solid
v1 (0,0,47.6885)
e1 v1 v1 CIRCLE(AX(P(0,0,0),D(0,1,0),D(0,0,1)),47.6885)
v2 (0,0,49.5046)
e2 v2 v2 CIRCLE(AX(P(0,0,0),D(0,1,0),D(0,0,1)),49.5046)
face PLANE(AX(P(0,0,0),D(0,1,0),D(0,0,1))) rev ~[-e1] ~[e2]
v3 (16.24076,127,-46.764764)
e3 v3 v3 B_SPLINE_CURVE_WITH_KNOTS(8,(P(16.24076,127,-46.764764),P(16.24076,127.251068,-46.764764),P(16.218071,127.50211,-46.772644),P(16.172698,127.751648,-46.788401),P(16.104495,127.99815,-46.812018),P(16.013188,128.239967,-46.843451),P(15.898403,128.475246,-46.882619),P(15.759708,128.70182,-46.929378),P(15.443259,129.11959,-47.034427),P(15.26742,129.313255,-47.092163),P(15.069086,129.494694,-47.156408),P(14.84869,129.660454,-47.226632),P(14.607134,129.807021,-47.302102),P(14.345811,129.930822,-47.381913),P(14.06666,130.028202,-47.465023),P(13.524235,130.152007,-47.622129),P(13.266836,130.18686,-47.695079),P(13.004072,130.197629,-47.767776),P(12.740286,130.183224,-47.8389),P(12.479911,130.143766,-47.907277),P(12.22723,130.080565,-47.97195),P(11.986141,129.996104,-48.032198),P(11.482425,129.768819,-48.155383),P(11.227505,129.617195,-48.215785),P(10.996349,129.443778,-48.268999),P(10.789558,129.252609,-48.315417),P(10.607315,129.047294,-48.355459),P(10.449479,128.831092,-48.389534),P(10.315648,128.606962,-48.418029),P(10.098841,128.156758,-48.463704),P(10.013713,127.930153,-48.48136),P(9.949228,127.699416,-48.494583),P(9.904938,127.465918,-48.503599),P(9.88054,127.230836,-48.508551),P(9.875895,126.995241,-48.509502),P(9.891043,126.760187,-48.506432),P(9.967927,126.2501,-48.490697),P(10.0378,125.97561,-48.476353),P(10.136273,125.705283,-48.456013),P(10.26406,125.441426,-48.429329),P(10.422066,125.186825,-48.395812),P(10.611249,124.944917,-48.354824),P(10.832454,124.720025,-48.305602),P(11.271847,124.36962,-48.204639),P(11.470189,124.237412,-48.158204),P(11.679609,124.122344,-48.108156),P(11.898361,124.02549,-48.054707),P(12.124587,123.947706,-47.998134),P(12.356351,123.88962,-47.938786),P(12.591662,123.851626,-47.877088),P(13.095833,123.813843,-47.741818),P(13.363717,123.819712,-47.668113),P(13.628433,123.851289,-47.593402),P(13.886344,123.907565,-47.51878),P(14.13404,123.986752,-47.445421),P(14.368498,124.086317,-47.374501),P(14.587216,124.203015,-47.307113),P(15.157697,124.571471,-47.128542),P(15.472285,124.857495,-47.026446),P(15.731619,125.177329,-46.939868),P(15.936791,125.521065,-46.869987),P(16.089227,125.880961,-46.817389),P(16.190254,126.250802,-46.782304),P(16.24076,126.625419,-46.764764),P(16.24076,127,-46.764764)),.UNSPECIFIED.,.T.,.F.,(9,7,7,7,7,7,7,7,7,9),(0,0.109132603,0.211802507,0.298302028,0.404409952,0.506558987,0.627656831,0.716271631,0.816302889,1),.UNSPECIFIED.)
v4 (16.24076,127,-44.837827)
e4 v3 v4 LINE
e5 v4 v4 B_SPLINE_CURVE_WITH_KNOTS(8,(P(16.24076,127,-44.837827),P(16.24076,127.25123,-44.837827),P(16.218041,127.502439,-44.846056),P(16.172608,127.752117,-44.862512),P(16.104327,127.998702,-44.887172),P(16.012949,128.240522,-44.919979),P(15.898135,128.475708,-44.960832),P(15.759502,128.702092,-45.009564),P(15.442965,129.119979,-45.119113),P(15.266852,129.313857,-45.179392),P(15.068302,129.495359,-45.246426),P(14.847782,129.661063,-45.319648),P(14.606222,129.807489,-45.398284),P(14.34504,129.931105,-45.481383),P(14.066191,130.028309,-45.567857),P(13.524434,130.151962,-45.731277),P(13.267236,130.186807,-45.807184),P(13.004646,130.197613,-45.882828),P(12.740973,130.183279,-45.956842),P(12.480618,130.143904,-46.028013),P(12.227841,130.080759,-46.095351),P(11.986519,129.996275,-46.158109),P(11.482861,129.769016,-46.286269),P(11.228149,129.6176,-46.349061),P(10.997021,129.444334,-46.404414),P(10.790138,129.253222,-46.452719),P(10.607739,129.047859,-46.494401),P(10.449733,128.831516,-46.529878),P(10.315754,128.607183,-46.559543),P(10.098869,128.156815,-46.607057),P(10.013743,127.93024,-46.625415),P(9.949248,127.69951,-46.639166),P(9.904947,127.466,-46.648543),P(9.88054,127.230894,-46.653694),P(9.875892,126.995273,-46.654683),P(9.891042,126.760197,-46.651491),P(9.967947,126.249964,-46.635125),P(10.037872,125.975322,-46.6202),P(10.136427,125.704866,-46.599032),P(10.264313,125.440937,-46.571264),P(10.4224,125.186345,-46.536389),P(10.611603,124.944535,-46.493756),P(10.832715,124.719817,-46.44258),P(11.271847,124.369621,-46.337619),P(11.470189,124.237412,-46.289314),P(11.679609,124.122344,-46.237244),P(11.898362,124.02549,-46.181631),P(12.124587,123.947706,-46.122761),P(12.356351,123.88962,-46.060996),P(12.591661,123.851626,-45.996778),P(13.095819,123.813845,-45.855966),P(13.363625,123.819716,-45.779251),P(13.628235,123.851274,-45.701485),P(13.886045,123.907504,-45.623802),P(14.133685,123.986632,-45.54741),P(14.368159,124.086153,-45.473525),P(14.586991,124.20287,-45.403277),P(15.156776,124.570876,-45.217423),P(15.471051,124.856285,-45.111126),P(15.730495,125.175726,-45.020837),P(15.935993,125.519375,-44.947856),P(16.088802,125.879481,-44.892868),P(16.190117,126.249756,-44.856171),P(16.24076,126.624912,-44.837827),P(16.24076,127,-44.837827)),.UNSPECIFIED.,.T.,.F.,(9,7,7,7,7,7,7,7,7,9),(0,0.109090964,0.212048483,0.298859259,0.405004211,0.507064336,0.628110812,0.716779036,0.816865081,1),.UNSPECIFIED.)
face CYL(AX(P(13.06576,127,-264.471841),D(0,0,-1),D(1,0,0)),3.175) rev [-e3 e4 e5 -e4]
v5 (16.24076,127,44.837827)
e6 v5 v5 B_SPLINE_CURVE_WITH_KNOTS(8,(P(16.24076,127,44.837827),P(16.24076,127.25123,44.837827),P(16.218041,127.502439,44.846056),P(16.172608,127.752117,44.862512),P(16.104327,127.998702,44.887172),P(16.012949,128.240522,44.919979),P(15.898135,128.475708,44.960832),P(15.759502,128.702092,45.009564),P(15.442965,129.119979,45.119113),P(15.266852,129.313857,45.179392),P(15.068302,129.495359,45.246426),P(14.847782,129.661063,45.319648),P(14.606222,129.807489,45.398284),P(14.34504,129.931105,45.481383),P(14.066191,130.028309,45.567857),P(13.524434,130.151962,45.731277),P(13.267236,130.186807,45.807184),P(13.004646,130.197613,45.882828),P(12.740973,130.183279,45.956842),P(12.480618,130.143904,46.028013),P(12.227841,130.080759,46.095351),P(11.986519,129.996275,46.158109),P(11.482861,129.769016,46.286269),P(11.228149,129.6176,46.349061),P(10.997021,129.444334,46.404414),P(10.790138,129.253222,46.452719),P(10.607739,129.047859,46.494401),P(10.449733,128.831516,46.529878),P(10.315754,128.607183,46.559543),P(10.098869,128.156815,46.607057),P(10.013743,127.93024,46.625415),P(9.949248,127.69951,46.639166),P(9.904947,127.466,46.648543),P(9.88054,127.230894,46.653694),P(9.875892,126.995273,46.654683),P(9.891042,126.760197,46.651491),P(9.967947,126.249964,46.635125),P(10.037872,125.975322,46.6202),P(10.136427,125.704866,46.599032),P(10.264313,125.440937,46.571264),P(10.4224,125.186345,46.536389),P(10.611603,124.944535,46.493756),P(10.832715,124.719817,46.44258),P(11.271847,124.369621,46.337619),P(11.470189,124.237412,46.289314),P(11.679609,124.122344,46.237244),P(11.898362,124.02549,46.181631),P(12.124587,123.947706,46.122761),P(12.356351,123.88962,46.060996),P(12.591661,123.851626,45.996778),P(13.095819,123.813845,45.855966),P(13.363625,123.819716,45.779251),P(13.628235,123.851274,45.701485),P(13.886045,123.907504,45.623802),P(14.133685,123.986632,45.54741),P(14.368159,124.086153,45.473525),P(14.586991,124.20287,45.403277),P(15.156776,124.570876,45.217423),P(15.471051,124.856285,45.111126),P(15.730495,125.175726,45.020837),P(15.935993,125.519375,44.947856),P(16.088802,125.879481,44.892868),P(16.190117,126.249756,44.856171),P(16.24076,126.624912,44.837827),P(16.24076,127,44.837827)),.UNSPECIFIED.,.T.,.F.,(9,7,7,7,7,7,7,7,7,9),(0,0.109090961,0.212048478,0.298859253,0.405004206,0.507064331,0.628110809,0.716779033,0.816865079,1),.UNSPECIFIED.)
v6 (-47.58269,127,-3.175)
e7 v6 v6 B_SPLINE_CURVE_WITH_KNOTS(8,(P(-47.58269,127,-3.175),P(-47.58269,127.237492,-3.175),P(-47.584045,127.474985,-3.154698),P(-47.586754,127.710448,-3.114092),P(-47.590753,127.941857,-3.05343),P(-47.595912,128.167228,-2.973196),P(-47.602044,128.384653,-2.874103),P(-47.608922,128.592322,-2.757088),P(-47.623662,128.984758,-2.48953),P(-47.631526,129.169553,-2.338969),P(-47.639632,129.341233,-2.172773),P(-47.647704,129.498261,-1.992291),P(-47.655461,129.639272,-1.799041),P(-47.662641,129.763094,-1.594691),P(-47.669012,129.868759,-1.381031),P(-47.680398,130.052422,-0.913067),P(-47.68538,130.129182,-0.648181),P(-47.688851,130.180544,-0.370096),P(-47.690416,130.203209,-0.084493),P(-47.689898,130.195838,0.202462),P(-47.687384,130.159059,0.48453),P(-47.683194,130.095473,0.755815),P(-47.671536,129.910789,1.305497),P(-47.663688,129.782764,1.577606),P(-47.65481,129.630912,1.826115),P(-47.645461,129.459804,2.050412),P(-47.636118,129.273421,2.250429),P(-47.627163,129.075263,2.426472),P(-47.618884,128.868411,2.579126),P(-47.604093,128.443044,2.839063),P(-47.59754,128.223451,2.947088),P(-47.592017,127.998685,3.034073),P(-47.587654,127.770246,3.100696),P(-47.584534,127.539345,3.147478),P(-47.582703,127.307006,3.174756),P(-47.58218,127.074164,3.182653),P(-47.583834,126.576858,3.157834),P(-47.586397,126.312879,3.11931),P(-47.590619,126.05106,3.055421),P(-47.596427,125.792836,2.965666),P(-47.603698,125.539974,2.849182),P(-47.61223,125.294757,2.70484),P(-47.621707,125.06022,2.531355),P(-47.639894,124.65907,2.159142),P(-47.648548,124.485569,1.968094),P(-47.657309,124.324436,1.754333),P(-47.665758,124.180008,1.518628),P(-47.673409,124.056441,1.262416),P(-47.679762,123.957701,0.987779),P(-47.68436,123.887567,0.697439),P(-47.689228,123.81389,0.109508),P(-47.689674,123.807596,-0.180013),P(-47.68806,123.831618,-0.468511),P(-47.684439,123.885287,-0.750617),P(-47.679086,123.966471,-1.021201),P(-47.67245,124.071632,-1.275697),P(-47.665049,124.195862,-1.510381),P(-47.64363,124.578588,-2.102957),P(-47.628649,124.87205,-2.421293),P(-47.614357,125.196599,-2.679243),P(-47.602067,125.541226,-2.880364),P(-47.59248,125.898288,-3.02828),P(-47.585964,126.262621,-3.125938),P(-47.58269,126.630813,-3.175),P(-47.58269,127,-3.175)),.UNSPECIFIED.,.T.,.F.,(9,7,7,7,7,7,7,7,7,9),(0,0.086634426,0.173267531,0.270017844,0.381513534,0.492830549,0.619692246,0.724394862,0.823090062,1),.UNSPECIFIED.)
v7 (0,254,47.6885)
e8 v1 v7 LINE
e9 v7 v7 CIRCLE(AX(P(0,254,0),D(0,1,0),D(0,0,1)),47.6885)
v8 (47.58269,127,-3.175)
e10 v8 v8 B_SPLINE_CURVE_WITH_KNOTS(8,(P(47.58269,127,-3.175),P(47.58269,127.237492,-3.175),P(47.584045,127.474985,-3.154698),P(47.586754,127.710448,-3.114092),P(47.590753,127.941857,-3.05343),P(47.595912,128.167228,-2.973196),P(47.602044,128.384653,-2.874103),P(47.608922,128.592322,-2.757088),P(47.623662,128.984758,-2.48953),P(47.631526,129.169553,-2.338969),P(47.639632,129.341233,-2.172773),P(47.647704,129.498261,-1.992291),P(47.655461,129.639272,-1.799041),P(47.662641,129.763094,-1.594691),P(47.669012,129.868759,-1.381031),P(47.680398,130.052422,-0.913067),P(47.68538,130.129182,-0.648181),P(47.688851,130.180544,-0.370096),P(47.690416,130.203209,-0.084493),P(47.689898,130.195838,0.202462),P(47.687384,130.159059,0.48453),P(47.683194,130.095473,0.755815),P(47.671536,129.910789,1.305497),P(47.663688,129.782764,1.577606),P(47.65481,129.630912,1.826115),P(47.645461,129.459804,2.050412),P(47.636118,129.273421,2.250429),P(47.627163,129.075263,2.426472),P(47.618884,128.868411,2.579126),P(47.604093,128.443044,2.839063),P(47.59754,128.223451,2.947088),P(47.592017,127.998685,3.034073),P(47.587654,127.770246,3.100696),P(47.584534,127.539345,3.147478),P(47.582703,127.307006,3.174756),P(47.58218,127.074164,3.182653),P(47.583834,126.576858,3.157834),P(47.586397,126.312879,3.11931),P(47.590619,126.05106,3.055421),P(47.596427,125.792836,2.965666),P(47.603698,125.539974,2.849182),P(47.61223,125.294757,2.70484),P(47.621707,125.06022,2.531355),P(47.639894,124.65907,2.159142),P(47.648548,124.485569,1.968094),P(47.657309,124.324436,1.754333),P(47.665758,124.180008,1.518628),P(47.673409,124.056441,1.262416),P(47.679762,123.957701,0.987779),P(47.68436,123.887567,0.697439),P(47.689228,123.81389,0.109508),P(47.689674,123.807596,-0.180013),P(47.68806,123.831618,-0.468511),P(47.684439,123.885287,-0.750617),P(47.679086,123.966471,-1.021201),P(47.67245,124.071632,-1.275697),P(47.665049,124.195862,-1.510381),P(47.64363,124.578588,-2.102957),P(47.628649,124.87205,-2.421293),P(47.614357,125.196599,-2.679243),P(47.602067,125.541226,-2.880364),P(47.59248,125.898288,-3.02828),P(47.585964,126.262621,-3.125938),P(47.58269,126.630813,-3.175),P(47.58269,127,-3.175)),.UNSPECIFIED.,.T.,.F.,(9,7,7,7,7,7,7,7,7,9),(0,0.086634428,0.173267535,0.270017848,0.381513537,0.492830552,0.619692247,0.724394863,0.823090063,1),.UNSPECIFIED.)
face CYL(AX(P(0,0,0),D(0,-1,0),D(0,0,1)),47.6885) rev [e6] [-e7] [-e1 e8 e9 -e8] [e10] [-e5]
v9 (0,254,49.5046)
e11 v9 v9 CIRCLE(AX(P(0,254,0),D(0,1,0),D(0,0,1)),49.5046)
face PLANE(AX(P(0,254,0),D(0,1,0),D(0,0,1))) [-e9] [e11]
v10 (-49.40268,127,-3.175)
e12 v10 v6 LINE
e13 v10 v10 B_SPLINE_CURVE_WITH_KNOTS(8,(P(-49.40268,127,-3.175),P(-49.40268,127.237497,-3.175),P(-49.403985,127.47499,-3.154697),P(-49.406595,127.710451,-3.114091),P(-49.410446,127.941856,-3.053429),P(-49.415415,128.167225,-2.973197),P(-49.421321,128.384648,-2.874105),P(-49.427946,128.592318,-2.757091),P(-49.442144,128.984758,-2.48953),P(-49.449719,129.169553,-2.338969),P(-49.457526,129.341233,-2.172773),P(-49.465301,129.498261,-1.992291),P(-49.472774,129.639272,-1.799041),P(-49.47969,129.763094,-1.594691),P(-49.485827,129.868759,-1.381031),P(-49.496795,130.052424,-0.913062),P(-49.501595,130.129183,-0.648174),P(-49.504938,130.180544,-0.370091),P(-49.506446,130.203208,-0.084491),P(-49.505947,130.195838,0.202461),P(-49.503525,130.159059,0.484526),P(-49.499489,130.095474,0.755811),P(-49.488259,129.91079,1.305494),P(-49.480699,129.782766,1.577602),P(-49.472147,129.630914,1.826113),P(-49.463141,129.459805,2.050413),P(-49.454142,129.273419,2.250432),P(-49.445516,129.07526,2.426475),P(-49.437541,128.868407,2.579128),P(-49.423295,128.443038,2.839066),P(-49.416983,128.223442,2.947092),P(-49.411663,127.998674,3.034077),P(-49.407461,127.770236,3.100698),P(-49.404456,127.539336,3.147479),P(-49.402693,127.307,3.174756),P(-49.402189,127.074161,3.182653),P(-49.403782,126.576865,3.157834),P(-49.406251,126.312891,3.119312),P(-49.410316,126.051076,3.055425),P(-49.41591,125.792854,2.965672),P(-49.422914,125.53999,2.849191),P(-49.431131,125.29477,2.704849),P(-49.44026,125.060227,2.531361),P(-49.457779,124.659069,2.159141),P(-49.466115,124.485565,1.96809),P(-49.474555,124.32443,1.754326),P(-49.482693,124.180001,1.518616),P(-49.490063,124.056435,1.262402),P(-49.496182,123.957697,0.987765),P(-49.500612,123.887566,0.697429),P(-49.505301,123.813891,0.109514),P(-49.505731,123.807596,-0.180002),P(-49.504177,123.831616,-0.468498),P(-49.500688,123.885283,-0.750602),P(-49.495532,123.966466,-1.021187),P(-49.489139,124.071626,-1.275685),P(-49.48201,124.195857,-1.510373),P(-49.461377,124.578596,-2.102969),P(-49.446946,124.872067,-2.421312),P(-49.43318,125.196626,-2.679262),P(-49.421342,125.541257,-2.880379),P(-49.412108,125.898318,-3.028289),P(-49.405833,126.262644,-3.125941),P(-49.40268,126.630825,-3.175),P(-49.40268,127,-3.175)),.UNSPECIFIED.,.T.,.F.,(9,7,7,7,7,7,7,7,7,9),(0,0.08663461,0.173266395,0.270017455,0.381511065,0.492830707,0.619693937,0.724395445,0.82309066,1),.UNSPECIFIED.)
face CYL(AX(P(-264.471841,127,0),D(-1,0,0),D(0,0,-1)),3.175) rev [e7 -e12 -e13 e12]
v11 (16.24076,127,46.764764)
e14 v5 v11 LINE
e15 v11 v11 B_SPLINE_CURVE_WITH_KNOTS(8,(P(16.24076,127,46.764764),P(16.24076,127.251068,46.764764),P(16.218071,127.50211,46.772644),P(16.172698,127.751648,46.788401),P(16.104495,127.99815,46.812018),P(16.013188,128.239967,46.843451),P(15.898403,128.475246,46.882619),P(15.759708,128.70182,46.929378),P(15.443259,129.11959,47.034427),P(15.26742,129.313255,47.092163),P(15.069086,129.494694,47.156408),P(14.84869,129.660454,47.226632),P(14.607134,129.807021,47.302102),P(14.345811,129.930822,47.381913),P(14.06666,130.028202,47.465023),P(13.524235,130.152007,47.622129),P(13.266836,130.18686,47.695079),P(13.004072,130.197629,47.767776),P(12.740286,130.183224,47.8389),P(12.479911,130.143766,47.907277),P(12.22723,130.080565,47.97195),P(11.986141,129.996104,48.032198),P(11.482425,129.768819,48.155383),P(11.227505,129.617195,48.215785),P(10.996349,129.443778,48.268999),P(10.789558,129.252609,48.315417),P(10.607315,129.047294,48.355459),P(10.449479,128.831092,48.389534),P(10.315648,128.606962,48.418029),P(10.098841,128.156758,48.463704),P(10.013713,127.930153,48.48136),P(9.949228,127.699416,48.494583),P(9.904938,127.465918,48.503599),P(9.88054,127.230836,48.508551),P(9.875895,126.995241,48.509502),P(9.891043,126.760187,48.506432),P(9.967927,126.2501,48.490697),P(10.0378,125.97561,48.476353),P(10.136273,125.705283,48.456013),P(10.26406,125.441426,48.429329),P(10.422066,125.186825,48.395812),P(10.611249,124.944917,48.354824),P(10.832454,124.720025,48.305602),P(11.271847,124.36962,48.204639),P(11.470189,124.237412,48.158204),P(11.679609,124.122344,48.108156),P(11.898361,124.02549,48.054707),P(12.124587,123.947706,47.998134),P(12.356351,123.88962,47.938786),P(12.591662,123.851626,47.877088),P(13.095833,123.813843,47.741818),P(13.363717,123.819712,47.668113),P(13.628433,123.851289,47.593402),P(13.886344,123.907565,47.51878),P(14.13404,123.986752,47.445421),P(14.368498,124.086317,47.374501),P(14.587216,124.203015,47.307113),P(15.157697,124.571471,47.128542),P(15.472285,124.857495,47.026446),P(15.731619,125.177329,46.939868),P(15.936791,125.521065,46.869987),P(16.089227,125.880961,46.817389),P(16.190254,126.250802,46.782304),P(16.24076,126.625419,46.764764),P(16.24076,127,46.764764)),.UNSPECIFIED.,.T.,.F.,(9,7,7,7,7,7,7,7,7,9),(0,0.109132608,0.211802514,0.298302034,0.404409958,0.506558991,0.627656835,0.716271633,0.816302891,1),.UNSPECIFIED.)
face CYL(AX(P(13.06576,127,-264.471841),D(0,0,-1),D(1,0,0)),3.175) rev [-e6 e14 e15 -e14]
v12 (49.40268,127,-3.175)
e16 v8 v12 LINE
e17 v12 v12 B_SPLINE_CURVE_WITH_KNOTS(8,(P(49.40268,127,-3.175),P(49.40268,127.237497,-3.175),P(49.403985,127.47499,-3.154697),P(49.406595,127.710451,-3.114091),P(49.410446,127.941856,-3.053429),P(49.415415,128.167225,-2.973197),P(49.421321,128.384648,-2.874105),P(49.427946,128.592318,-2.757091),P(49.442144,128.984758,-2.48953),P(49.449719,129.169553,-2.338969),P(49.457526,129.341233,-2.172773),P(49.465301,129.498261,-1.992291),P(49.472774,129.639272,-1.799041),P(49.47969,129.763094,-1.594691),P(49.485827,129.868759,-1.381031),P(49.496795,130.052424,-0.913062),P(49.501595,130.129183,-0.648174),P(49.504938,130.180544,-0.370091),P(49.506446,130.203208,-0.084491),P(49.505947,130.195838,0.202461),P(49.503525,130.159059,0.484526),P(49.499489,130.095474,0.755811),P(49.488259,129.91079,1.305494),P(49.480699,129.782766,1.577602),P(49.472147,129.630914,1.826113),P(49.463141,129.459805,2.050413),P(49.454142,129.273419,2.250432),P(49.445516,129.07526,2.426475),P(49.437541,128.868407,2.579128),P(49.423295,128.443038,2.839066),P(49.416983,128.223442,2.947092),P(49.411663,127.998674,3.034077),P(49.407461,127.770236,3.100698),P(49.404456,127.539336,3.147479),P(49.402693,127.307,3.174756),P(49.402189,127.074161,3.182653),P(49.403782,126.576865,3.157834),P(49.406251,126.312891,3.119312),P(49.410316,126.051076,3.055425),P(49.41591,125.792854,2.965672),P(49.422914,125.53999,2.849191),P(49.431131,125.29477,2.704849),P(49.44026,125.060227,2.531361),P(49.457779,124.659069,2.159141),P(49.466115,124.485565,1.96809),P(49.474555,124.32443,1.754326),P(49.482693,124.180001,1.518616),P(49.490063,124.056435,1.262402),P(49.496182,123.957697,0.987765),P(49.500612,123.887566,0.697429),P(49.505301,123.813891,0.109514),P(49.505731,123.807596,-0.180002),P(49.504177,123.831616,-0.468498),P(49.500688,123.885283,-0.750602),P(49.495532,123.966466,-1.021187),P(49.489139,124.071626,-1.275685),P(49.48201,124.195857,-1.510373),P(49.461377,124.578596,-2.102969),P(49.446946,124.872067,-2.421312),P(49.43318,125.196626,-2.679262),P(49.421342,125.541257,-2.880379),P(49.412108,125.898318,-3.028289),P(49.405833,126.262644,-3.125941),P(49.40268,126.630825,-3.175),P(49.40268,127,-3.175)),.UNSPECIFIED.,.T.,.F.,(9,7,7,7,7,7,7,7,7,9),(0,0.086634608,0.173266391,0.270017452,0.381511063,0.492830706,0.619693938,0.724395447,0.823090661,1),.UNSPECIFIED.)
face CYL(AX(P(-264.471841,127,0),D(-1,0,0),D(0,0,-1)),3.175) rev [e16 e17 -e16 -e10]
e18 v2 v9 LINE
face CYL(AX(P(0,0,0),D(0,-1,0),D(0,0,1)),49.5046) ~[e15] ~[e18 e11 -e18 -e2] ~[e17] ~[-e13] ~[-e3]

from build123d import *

# Parameters (mm, degrees)
SKETCH1_R               = 49.5046
SKETCH1_R_2             = 47.6885
BOSS_EXTRUDE1_DEPTH     = 254
CUT_EXTRUDE1_DEPTH      = 264.471840701
CUT_EXTRUDE1_DEPTH_BACK = 264.471840701
SKETCH2_R               = 3.175
CUT_EXTRUDE2_DEPTH      = 264.471840835
CUT_EXTRUDE2_DEPTH_BACK = 264.471840835
SKETCH3_R               = 3.175


with BuildPart() as part:
    # Sketch1 → Boss-Extrude1 (new body)
    with BuildSketch(Plane(origin=(0, 0, 0), x_dir=(1, 0, 0), z_dir=(0, 1, 0))):
        with Locations(Location((0, 0, 0), (0, 0, 270))):
            Circle(SKETCH1_R)
        with Locations(Location((0, 0, 0), (0, 0, 270))):
            Circle(SKETCH1_R_2, mode=Mode.SUBTRACT)
    extrude(amount=BOSS_EXTRUDE1_DEPTH)

    # Sketch2 → Cut-Extrude1 (cut, two sides: drawn at the far end of the back side and taken through both)
    with BuildSketch(Plane.XY.offset(-CUT_EXTRUDE1_DEPTH_BACK)):
        with Locations((13.06576, 127)):
            Circle(SKETCH2_R)
    extrude(amount=CUT_EXTRUDE1_DEPTH + CUT_EXTRUDE1_DEPTH_BACK, mode=Mode.SUBTRACT)

    # Sketch3 → Cut-Extrude2 (cut, two sides: drawn at the far end of the back side and taken through both)
    with BuildSketch(Plane(origin=(0, 0, 0), x_dir=(0, 0, -1), z_dir=(1, 0, 0)).offset(-CUT_EXTRUDE2_DEPTH_BACK)):
        with Locations((0, 127)):
            Circle(SKETCH3_R)
    extrude(amount=CUT_EXTRUDE2_DEPTH + CUT_EXTRUDE2_DEPTH_BACK, mode=Mode.SUBTRACT)


solid = part.part
